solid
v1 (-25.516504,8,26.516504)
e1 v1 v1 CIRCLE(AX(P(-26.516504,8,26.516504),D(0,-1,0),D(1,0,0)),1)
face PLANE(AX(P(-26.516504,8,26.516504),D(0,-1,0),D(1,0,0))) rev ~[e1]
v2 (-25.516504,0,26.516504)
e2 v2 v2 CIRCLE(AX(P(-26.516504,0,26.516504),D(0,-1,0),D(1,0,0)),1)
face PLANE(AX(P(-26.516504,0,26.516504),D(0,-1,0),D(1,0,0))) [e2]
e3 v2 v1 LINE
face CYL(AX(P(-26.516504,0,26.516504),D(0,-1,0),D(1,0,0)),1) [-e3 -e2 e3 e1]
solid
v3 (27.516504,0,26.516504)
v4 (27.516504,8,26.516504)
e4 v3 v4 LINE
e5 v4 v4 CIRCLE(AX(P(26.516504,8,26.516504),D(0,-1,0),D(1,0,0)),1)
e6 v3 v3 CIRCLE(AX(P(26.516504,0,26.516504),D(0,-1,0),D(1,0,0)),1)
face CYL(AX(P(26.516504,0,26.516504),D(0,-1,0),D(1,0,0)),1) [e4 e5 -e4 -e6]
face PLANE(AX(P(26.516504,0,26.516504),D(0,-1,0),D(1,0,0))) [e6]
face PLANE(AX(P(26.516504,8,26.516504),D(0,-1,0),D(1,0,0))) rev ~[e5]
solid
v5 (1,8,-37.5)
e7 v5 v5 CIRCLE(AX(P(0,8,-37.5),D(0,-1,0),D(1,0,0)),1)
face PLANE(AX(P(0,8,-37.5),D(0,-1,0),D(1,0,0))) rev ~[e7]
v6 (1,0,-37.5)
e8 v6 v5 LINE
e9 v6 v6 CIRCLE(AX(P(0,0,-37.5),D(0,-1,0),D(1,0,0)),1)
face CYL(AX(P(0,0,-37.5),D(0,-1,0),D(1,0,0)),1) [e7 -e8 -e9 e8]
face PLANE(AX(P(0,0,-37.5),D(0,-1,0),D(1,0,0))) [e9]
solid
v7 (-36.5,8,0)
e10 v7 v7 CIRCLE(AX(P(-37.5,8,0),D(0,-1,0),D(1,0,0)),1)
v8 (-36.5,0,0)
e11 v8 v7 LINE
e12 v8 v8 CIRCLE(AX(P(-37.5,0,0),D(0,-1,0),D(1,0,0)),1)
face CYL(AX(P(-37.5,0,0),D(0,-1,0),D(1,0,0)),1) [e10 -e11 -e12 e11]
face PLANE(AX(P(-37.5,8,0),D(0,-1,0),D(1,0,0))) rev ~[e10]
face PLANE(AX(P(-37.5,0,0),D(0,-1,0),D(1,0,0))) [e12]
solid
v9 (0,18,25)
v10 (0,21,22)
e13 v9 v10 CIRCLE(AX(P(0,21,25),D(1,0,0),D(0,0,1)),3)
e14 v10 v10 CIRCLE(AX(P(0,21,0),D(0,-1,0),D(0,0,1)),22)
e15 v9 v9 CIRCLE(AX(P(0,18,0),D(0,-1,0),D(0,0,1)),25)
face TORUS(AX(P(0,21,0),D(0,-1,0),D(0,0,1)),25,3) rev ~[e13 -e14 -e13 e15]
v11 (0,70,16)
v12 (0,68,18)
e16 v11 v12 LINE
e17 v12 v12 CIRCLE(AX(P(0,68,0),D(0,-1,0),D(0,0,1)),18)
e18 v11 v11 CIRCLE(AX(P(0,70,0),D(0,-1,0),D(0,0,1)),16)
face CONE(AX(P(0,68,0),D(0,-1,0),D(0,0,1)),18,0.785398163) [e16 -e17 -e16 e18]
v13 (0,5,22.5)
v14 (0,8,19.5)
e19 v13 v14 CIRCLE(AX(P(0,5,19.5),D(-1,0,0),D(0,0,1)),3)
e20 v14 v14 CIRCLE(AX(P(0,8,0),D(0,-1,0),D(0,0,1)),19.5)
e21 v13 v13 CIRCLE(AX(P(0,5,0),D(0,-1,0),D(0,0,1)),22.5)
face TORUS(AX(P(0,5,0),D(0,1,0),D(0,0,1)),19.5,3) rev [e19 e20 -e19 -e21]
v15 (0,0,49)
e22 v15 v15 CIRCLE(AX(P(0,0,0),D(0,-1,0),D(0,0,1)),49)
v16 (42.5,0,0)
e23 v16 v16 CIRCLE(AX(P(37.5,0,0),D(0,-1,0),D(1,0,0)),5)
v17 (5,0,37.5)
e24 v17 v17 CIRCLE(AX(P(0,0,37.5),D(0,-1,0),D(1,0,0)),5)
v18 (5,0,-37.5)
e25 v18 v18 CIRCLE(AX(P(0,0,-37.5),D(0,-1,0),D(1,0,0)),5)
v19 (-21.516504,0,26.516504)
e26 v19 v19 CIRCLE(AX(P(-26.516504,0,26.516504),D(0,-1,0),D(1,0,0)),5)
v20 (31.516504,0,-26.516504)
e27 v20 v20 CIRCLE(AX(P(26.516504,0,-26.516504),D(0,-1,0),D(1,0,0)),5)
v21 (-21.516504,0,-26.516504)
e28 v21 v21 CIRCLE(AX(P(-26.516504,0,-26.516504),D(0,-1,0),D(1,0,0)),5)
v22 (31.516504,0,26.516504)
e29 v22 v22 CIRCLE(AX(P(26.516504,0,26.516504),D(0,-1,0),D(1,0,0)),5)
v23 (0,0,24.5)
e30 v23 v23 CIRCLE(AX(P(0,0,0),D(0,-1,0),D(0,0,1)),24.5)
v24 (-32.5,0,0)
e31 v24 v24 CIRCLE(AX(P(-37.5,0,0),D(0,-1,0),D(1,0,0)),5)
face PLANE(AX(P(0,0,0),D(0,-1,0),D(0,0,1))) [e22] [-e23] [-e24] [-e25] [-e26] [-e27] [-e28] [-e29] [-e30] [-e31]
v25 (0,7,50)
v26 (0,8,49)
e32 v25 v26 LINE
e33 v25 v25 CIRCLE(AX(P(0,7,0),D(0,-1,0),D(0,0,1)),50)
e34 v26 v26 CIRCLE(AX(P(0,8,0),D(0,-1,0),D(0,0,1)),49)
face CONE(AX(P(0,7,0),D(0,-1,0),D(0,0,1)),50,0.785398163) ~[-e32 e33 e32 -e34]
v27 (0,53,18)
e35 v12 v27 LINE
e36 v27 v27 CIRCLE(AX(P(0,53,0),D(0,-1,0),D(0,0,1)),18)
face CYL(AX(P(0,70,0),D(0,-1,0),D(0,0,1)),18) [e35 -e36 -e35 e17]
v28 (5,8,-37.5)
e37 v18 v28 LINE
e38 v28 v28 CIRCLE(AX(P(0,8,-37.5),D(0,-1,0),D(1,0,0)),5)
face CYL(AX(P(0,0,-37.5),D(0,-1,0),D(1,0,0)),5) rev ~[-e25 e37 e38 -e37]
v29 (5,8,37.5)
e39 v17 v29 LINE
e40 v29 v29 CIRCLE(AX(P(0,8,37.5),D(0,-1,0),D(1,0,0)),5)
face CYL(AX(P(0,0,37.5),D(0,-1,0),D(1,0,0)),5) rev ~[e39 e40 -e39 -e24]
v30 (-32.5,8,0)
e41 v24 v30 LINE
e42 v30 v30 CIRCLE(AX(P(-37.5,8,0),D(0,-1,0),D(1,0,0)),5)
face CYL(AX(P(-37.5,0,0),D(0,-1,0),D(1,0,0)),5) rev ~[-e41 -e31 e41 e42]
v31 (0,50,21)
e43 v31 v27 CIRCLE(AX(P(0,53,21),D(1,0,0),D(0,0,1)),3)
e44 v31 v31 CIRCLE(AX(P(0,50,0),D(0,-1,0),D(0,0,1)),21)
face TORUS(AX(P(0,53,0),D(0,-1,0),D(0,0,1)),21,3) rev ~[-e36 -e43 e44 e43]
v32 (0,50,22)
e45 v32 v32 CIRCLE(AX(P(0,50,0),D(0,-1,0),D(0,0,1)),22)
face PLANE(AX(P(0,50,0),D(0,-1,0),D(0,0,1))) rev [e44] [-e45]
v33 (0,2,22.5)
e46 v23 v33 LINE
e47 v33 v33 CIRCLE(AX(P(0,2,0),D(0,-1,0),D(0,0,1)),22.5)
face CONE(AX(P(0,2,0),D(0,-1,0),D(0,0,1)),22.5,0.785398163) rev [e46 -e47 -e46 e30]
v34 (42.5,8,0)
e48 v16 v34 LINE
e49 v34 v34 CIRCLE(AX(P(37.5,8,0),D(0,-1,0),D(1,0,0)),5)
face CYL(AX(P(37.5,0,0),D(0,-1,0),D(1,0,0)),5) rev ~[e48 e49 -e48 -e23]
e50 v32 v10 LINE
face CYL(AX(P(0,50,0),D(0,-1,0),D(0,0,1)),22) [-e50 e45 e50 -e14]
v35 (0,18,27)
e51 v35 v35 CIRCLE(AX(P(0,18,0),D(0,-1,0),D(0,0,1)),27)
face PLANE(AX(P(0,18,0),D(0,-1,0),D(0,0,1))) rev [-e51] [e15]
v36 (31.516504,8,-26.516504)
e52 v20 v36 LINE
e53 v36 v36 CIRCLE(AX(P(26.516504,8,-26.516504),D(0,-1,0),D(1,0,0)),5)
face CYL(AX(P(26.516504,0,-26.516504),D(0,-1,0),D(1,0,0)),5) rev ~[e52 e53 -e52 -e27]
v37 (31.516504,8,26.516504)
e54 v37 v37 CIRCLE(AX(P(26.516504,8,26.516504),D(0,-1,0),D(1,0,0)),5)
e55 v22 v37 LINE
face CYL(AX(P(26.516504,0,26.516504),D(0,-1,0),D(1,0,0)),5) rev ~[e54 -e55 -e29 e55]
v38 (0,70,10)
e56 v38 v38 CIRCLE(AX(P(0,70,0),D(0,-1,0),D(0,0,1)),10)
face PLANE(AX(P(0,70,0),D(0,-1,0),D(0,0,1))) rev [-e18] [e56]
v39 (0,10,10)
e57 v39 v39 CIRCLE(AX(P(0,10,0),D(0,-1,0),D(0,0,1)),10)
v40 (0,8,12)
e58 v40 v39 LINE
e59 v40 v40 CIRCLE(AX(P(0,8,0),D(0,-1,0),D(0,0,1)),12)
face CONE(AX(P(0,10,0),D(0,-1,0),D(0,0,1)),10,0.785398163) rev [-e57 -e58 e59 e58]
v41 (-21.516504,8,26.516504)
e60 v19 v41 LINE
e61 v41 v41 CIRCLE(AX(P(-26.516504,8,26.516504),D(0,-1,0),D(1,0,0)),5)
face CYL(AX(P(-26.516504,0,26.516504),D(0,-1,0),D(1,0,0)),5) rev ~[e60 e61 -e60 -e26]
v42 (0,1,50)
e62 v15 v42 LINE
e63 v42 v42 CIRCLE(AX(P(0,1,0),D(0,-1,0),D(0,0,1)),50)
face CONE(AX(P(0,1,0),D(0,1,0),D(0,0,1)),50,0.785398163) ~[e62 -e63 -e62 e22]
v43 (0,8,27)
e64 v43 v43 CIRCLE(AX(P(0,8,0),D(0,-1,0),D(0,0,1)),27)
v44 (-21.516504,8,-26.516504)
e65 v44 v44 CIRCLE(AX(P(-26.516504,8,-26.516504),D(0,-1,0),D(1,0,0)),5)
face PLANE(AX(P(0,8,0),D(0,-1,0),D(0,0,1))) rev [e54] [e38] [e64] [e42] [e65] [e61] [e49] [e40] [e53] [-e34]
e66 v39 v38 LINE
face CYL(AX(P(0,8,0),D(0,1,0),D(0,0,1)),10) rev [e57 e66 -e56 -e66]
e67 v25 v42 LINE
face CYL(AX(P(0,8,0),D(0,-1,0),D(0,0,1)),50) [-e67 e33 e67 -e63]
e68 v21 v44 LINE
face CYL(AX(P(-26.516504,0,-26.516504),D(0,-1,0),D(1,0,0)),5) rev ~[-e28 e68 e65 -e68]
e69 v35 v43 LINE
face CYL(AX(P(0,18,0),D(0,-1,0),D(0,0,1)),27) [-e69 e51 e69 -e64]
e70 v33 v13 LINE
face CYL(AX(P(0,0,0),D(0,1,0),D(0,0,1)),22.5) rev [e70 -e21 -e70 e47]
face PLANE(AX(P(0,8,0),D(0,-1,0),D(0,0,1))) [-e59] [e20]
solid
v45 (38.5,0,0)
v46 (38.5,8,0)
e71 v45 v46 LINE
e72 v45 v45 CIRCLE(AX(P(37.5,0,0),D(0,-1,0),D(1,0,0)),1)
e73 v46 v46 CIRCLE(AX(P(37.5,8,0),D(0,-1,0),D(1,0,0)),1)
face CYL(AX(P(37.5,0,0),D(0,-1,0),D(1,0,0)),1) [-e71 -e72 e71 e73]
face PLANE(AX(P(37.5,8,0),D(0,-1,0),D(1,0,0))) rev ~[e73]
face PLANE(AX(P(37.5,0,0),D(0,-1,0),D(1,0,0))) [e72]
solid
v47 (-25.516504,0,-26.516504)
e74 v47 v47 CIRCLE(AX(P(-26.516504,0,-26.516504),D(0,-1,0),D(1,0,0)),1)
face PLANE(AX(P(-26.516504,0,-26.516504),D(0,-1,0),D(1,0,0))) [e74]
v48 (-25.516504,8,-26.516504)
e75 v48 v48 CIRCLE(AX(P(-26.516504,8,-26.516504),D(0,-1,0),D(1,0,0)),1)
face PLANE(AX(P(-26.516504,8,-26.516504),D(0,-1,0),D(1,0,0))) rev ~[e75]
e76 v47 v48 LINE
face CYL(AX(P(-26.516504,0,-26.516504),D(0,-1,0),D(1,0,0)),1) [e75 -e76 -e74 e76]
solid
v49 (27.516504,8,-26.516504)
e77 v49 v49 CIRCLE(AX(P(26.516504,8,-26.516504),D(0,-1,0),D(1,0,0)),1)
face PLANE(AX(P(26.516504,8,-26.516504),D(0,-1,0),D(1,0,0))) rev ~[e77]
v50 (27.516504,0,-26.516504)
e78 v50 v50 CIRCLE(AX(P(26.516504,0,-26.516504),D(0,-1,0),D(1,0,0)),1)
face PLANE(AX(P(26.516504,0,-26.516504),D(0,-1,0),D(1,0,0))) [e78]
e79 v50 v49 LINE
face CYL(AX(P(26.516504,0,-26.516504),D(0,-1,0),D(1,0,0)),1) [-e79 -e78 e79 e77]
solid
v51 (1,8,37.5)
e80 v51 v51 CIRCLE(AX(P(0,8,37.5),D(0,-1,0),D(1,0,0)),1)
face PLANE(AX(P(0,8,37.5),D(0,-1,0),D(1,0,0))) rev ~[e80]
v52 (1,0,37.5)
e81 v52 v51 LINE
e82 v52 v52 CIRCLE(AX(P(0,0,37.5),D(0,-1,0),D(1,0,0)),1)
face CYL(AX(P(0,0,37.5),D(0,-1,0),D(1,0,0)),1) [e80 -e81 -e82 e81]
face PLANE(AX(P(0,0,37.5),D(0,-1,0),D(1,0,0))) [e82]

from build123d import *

# Parameters (mm, degrees)
F2_R     = 5
F3_DEPTH = 70.001
F4_SIZE  = 2
F5_R     = 3
F6_SIZE  = 1
F7_R     = 1
F8_DEPTH = 8


with BuildPart() as f1:
    # F0 (on Right) → F1 (revolve)
    with BuildSketch(Plane.YZ):
        Polygon((0, 50), (0, 22.5), (8, 22.5), (8, 10), (70, 10), (70, 18), (50, 18), (50, 22), (18, 22), (18, 27), (8, 27), (8, 50), align=None)
    revolve(axis=Axis((0, -13.281931, 0), (0, -1, 0)))

    # F2 (on face) → F3 (cut, through all)
    with BuildSketch(Plane.XZ):
        with Locations((0, -37.5)):
            Circle(F2_R)
        with Locations((26.516504, -26.516504)):
            Circle(F2_R)
        with Locations((37.5, 0)):
            Circle(F2_R)
        with Locations((26.516504, 26.516504)):
            Circle(F2_R)
        with Locations((0, 37.5)):
            Circle(F2_R)
        with Locations((-26.516504, 26.516504)):
            Circle(F2_R)
        with Locations((-37.5, 0)):
            Circle(F2_R)
        with Locations((-26.516504, -26.516504)):
            Circle(F2_R)
    extrude(amount=-F3_DEPTH, mode=Mode.SUBTRACT)

    # F4
    f4_edges = [f1.edges().sort_by_distance(p)[0] for p in [
        (0, 0, -22.5),
        (0, 8, -10),
        (0, 70, -18),
    ]]
    chamfer(f4_edges, length=F4_SIZE)

    # F5
    f5_edges = [f1.edges().sort_by_distance(p)[0] for p in [
        (0, 8, -22.5),
        (0, 50, -18),
        (0, 18, -22),
    ]]
    fillet(f5_edges, radius=F5_R)

    # F6
    f6_edges = [f1.edges().sort_by_distance(p)[0] for p in [
        (0, 0, -50),
        (0, 8, -50),
    ]]
    chamfer(f6_edges, length=F6_SIZE)


with BuildPart() as f8:
    # F7 (on face) → F8 (new body)
    with BuildSketch(Plane.XZ):
        with Locations((0, 37.5)):
            Circle(F7_R)
        with Locations((-26.516504, 26.516504)):
            Circle(F7_R)
        with Locations((-37.5, 0)):
            Circle(F7_R)
        with Locations((-26.516504, -26.516504)):
            Circle(F7_R)
        with Locations((0, -37.5)):
            Circle(F7_R)
        with Locations((26.516504, -26.516504)):
            Circle(F7_R)
        with Locations((37.5, 0)):
            Circle(F7_R)
        with Locations((26.516504, 26.516504)):
            Circle(F7_R)
    extrude(amount=-F8_DEPTH)


solid = Compound([f1.part, f8.part])
